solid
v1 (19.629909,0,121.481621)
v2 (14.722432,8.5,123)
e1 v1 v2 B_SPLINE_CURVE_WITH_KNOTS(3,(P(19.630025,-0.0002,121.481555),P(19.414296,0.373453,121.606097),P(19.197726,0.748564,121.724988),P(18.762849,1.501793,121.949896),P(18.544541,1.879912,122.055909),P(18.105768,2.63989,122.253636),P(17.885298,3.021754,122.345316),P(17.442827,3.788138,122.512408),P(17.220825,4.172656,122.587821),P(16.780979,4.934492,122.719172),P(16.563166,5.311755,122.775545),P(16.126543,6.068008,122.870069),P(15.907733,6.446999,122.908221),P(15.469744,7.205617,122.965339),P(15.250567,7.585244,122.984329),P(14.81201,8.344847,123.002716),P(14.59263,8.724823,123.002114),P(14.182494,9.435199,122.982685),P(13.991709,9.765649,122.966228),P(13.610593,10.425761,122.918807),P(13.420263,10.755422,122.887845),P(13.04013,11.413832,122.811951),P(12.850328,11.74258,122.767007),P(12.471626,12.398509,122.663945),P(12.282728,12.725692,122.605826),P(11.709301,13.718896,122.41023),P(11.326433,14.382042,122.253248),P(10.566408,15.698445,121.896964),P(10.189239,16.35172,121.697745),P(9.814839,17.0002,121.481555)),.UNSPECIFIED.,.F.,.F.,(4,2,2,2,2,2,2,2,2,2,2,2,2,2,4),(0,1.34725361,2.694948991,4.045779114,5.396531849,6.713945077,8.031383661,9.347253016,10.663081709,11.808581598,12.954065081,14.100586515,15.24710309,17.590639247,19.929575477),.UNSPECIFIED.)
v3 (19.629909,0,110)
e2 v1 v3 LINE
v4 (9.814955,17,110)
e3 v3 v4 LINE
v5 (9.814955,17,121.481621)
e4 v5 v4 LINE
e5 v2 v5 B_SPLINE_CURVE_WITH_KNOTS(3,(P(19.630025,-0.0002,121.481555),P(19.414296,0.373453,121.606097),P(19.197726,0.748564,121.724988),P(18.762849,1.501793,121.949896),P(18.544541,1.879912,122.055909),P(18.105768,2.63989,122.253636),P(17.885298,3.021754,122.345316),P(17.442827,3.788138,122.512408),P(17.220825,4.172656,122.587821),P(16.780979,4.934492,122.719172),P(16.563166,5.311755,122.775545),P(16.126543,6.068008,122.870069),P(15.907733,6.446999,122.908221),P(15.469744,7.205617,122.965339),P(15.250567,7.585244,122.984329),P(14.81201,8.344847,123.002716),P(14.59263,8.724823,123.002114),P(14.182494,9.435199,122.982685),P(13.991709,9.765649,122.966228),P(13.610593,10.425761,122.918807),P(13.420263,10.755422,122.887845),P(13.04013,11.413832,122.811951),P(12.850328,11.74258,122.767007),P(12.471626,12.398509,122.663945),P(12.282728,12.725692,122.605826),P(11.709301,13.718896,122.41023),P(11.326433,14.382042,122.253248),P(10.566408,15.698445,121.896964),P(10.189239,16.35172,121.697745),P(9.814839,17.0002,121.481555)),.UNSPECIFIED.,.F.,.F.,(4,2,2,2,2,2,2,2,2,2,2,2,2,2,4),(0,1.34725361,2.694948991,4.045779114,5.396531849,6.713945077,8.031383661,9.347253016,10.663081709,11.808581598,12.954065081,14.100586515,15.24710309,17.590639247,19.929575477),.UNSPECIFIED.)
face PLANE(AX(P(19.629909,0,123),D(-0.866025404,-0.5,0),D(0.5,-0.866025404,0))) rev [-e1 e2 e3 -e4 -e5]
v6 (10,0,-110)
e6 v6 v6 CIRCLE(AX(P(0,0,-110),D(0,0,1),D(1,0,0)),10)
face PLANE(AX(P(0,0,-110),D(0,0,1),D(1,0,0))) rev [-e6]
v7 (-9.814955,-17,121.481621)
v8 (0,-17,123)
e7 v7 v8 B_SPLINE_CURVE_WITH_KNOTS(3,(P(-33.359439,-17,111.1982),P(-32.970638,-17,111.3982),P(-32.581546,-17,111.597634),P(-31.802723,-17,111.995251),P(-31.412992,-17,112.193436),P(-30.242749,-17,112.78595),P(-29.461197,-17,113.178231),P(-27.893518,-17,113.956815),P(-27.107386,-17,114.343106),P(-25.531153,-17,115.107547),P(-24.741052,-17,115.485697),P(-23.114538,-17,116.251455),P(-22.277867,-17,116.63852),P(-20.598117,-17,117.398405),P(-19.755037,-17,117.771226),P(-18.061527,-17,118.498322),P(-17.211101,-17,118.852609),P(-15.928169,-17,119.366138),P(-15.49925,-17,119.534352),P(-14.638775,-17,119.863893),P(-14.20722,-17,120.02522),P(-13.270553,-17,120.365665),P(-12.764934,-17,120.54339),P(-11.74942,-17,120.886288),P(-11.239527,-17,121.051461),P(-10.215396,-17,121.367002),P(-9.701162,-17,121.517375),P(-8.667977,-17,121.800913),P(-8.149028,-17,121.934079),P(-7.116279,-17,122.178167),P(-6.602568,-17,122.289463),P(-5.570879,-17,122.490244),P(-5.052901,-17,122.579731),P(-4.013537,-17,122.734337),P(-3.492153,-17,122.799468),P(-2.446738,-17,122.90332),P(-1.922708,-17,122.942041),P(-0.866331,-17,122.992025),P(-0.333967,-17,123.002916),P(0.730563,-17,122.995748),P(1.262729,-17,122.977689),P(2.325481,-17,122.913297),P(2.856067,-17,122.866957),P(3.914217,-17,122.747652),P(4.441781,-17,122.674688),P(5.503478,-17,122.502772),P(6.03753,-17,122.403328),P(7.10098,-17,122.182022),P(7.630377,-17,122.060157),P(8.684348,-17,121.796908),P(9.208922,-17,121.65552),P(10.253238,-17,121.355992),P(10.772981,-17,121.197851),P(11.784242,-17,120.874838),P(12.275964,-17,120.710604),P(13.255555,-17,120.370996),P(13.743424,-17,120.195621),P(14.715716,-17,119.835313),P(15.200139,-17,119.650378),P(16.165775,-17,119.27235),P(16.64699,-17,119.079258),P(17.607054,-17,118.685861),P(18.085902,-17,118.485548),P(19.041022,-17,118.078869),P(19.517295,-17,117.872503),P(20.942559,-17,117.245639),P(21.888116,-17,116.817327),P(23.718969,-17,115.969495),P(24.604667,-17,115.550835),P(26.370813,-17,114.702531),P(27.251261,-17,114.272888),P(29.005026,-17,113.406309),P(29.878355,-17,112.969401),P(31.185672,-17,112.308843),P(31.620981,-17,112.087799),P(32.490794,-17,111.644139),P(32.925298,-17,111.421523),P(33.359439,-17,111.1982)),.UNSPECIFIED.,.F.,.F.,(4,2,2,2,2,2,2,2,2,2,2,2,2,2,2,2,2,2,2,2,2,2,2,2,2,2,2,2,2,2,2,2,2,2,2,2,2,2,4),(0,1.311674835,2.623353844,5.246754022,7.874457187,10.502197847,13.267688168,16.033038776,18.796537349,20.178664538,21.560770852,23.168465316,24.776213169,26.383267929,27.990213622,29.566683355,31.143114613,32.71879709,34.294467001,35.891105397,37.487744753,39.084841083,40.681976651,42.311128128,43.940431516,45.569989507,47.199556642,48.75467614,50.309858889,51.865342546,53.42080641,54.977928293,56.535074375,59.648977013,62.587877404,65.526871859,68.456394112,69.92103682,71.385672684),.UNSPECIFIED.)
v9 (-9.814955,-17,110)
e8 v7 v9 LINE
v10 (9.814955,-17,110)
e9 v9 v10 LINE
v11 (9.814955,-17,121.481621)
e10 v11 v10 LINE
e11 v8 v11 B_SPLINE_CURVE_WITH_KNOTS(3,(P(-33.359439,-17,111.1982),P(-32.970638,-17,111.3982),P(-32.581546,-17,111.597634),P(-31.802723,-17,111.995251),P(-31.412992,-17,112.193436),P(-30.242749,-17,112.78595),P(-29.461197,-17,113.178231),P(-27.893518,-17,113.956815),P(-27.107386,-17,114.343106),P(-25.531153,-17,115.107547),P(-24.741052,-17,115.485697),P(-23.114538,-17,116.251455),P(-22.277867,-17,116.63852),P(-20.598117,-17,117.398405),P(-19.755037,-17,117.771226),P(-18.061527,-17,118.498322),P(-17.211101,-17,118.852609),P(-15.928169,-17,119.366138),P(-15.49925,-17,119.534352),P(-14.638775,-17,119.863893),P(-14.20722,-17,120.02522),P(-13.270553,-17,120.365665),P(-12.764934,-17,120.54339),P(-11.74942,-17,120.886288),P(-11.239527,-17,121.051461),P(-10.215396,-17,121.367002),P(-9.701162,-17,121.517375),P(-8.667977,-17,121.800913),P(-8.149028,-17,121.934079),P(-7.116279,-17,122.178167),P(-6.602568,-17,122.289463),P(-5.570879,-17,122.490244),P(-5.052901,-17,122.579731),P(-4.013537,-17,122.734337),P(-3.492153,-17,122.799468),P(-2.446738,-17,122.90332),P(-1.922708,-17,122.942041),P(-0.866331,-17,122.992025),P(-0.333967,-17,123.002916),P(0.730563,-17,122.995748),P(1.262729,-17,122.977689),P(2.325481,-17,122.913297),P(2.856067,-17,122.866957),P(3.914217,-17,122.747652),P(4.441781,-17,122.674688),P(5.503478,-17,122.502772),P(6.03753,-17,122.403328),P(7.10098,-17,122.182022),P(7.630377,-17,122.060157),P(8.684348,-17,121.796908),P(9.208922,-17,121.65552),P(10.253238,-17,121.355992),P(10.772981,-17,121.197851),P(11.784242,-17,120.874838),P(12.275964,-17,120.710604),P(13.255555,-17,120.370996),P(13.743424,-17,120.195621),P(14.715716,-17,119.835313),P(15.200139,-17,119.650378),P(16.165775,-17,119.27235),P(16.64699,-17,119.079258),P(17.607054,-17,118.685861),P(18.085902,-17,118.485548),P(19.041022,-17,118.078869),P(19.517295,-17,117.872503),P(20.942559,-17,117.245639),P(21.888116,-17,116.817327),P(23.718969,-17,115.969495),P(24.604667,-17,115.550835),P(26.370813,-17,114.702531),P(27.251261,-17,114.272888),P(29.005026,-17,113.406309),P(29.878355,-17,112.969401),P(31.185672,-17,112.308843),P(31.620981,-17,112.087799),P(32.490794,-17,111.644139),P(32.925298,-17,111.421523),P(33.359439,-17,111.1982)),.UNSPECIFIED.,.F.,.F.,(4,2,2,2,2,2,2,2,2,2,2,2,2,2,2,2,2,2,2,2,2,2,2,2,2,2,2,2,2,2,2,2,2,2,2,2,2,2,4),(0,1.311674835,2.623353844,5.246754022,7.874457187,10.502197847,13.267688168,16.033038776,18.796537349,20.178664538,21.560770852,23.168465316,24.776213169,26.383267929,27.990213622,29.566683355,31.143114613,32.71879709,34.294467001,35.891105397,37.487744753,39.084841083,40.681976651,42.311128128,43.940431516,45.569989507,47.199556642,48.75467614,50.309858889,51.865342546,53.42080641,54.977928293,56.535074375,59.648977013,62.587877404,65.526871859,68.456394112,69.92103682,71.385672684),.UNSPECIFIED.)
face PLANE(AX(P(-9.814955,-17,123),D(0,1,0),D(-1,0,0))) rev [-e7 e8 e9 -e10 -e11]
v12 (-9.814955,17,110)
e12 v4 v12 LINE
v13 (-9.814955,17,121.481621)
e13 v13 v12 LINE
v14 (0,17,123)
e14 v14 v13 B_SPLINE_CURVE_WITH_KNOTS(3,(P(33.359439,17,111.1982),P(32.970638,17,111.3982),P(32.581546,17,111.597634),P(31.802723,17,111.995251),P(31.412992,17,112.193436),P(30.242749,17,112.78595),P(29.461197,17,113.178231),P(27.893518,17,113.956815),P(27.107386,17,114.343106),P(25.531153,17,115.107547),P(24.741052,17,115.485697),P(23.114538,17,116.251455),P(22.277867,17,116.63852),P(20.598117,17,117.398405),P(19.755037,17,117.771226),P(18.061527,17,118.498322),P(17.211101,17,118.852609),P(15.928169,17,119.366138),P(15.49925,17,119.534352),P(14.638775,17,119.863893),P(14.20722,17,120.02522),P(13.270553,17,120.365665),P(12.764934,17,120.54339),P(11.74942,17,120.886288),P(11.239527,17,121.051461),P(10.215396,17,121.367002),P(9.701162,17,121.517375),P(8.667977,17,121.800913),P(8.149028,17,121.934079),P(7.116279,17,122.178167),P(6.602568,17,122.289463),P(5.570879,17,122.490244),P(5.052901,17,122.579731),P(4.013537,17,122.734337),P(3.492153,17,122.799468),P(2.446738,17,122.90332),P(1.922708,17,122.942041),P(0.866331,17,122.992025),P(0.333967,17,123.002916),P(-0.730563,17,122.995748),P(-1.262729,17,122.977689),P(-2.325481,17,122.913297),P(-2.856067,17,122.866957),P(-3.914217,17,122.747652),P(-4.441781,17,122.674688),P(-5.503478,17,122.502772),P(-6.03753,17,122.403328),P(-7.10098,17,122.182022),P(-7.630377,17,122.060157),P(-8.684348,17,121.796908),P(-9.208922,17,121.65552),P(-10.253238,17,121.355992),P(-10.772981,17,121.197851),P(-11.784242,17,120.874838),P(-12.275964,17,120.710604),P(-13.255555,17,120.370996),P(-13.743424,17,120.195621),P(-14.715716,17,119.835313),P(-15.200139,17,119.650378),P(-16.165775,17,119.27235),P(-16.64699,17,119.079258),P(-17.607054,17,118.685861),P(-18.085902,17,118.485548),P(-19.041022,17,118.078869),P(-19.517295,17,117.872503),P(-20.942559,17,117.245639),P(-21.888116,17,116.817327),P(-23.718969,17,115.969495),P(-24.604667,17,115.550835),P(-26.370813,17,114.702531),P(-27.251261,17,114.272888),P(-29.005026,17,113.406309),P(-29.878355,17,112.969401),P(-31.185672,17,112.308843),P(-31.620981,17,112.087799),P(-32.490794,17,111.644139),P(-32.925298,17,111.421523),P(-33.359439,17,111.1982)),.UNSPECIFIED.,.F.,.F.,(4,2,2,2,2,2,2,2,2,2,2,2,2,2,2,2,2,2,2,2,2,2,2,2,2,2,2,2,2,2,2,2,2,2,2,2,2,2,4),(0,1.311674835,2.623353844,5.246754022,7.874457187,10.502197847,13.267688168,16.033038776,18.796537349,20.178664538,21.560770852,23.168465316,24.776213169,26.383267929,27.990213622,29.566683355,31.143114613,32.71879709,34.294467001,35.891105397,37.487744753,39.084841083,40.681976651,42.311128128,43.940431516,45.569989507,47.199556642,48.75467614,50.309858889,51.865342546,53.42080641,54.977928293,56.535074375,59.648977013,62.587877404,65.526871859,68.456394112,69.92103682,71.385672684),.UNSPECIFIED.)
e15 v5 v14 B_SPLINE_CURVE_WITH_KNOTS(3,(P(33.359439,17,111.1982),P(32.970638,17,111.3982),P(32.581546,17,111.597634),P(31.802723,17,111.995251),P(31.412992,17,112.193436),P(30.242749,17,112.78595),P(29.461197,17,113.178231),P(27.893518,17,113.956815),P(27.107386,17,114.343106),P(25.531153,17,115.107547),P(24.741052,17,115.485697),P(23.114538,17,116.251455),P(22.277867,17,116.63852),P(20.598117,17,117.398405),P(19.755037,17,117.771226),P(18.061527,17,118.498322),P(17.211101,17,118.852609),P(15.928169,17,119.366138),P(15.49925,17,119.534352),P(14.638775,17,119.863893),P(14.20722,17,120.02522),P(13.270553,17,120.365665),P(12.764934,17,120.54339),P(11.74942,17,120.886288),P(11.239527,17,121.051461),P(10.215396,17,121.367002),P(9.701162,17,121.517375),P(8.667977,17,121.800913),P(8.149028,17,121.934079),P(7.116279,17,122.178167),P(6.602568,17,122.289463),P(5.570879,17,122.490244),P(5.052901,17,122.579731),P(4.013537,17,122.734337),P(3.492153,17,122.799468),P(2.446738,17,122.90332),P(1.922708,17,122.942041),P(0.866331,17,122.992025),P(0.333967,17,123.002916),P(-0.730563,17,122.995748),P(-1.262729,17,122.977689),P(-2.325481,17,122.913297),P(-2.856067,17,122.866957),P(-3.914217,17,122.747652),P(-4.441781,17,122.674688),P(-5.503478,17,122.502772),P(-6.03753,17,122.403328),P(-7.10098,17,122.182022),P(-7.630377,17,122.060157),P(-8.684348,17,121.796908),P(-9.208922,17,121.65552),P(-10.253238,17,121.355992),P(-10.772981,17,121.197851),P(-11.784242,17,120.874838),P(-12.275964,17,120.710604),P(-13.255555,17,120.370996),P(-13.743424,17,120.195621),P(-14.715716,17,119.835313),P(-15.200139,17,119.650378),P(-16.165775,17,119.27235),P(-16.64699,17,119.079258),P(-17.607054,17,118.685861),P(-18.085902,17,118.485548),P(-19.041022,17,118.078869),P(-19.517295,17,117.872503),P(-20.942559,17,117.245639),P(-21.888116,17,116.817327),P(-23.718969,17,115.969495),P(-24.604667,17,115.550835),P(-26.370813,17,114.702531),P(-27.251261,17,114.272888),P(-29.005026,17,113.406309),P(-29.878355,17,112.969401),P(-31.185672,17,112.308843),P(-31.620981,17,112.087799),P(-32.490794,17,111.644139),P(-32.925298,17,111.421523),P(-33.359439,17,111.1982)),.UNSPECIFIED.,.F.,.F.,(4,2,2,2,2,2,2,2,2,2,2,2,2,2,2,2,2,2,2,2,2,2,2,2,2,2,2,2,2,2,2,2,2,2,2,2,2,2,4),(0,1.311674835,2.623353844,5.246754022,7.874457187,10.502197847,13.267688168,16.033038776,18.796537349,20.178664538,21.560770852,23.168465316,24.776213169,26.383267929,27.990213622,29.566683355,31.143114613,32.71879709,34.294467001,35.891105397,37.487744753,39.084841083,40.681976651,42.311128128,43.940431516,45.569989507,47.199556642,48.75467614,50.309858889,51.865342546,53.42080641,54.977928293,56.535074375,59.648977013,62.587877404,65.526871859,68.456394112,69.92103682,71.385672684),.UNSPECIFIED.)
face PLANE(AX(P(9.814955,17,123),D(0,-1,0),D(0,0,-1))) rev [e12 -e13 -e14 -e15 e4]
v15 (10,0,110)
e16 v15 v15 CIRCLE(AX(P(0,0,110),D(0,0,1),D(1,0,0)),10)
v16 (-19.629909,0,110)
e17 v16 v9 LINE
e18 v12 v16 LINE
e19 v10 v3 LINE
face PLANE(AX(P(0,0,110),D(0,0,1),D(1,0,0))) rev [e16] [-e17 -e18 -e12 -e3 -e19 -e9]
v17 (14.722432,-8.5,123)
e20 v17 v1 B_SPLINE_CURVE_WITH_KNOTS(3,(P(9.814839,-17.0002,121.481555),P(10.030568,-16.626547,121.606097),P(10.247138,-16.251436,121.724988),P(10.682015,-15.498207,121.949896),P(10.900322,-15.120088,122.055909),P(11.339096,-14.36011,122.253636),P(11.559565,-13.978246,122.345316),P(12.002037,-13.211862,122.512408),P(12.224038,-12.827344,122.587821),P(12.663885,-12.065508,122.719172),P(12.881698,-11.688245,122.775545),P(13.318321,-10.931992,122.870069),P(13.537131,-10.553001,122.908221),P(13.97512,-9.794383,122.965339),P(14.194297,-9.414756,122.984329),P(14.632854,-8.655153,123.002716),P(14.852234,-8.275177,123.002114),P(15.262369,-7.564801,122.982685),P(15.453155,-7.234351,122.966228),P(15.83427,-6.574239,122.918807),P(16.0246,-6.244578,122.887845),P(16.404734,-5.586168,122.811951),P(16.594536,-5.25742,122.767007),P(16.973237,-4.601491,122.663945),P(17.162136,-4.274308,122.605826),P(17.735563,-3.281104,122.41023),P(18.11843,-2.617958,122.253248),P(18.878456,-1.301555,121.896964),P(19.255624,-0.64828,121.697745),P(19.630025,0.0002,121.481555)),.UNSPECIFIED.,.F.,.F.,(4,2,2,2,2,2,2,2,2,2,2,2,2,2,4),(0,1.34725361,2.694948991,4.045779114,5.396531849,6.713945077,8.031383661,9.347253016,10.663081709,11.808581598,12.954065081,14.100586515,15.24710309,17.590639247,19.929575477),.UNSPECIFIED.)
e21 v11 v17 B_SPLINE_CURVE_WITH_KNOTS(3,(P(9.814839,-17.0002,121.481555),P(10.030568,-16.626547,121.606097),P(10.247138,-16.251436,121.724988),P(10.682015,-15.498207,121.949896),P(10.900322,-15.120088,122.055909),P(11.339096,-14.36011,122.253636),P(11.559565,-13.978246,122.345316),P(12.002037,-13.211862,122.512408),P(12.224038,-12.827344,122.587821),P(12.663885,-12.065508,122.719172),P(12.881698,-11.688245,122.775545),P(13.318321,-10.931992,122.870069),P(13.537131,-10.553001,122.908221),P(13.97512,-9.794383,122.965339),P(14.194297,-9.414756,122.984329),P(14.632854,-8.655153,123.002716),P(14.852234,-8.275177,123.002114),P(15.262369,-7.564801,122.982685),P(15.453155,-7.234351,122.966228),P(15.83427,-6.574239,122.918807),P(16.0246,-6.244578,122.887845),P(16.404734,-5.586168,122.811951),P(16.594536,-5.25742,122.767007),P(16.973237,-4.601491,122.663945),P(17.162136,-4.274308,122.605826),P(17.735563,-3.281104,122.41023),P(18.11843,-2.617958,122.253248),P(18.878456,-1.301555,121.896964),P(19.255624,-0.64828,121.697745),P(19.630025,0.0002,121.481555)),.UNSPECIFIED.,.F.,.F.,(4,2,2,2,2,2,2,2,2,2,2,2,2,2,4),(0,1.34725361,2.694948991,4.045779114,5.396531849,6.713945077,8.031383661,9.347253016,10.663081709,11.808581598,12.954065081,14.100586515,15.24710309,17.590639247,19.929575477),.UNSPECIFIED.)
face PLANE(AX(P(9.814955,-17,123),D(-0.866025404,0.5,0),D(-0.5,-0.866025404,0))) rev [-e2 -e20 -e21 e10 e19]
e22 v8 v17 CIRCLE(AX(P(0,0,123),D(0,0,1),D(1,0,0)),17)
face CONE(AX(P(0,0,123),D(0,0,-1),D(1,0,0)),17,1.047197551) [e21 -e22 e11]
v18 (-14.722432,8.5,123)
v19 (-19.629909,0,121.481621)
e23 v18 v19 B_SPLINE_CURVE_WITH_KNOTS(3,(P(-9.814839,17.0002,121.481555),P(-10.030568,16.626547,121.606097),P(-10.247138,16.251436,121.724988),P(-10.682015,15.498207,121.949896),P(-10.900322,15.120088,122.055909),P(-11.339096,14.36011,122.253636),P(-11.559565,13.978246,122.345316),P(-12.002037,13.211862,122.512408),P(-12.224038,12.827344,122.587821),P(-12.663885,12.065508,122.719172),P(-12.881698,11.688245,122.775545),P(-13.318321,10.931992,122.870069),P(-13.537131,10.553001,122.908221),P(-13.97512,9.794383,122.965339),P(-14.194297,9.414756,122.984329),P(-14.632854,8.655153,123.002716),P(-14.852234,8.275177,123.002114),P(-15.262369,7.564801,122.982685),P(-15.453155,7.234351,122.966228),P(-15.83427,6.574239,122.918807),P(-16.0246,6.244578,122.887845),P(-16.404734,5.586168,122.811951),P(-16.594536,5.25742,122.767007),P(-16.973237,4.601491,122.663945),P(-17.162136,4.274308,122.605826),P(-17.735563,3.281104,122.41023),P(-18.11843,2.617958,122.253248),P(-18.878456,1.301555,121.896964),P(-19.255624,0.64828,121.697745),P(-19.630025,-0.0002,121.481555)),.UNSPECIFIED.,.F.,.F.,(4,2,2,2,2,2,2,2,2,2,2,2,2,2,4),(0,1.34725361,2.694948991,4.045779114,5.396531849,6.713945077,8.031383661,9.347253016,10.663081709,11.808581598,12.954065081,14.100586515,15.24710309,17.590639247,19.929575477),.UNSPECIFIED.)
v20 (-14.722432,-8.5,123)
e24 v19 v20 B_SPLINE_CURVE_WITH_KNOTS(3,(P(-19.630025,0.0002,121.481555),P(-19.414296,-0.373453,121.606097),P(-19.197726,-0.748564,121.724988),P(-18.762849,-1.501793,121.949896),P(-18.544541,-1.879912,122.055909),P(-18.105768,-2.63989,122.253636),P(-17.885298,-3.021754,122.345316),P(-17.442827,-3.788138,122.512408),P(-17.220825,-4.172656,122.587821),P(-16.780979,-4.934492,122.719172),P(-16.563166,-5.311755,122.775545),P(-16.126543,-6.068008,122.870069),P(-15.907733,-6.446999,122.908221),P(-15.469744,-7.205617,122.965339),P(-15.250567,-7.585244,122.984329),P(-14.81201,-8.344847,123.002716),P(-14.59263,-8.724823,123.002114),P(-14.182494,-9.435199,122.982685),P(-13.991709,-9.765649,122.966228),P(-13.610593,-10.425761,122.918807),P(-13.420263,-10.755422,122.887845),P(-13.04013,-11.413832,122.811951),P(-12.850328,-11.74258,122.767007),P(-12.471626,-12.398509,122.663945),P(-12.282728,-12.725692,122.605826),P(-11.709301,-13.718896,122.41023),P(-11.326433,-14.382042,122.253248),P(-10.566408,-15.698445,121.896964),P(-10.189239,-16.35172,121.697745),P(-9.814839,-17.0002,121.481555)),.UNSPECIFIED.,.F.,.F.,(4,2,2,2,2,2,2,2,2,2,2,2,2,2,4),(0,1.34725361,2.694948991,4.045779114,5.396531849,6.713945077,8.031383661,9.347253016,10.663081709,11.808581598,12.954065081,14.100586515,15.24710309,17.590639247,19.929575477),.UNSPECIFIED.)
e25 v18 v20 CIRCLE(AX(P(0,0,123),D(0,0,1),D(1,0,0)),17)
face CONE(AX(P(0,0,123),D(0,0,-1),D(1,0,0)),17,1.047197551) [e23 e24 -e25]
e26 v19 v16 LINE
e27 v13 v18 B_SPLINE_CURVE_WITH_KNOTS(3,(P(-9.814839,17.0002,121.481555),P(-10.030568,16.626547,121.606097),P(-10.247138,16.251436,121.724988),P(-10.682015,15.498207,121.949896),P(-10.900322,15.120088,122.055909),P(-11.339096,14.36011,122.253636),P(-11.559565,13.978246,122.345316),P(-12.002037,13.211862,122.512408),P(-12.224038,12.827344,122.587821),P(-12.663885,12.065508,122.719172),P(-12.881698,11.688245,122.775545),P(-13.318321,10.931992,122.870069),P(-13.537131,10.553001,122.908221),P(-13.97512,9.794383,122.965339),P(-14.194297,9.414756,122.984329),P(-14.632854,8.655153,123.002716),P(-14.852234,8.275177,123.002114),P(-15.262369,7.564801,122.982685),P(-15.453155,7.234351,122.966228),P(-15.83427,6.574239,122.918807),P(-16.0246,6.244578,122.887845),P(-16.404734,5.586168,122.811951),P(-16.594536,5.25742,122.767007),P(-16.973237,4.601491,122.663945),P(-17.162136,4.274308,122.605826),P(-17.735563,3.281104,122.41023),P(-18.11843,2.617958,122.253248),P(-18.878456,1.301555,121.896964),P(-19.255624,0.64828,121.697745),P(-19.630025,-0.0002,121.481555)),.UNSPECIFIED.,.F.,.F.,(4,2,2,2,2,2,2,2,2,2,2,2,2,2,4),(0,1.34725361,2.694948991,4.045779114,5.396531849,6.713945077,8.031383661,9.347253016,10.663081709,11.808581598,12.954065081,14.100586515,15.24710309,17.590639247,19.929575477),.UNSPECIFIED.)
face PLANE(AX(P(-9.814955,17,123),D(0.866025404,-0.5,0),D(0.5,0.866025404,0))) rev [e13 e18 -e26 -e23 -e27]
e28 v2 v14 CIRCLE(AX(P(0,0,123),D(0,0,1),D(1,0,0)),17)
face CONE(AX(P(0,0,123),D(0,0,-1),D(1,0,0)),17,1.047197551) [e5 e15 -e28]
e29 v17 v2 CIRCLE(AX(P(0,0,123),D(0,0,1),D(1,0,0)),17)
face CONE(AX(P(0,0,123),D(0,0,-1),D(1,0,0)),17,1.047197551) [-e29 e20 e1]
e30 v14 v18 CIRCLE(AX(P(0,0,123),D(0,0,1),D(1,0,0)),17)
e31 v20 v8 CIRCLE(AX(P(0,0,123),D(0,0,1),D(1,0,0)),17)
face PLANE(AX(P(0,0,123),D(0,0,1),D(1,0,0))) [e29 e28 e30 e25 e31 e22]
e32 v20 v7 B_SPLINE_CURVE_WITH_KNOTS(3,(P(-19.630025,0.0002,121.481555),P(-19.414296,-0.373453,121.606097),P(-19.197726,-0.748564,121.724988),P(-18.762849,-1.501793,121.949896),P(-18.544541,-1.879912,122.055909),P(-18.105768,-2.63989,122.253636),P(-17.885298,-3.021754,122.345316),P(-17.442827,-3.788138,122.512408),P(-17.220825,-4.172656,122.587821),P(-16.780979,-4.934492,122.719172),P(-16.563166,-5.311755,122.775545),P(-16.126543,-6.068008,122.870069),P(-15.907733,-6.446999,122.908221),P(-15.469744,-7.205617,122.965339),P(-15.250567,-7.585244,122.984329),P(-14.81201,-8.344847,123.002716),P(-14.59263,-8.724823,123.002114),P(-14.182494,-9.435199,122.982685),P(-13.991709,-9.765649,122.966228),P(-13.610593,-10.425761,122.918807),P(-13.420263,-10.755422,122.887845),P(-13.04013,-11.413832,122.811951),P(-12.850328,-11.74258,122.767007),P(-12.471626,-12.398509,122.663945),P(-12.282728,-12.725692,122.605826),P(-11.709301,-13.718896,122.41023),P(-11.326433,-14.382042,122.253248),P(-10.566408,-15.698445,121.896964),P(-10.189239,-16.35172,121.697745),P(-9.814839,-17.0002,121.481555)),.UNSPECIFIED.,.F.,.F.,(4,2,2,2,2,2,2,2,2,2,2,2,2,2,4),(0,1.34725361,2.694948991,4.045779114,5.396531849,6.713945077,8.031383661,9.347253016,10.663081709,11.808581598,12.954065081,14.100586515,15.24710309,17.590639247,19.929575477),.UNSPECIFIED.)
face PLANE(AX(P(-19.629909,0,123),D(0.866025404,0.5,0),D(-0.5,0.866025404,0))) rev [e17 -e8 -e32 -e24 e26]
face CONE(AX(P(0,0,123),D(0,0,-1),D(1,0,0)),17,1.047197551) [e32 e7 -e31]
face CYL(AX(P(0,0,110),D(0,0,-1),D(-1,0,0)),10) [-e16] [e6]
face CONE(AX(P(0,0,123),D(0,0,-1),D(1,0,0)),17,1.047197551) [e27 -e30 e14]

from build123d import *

# Parameters (mm, degrees)
SKETCH1_R           = 10
BOSS_EXTRUDE1_DEPTH = 110
BOSS_EXTRUDE2_DEPTH = 13
SKETCH3_OUTSIDE_W   = 134.036
SKETCH3_OUTSIDE_H   = 128.776
SKETCH3_OUTSIDE_R   = 17
CUT_EXTRUDE1_DEPTH  = 13
CUT_EXTRUDE1_DRAFT  = -60


with BuildPart() as part:
    # Sketch1 → Boss-Extrude1 (new, symmetric)
    with BuildSketch(Plane.XY):
        Circle(SKETCH1_R)
    extrude(amount=BOSS_EXTRUDE1_DEPTH, both=True)

    # Sketch2 → Boss-Extrude2 (add)
    with BuildSketch(Plane.XY.offset(110)):
        Polygon((-19.629909152, 0), (-9.814954576, -17), (9.814954576, -17), (19.629909152, 0), (9.814954576, 17), (-9.814954576, 17), align=None)
    extrude(amount=BOSS_EXTRUDE2_DEPTH)


with BuildPart() as cut_extrude1_tool:
    # Sketch3 outside → Cut-Extrude1 (with draft: the straight prism first)
    with BuildSketch(Plane.XY.offset(123)):
        Rectangle(SKETCH3_OUTSIDE_W, SKETCH3_OUTSIDE_H)
        Circle(SKETCH3_OUTSIDE_R, mode=Mode.SUBTRACT)
    extrude(amount=-CUT_EXTRUDE1_DEPTH)
    # Cut-Extrude1: the draft: its side faces are tilted about the plane it starts from
    cut_extrude1_sides = [cut_extrude1_tool.faces().sort_by_distance(p)[0] for p in [
        (0, -64.388, 116.5),
        (67.018, 0, 116.5),
        (0, 64.388, 116.5),
        (-67.018, 0, 116.5),
        (-17, 0, 116.5),
    ]]
    draft(cut_extrude1_sides, Plane.XY.offset(123), CUT_EXTRUDE1_DRAFT)


with BuildPart() as part_1:
    add(part.part)

    # Cut-Extrude1: cut by cut_extrude1_tool
    add(cut_extrude1_tool.part, mode=Mode.SUBTRACT)


solid = part_1.part
